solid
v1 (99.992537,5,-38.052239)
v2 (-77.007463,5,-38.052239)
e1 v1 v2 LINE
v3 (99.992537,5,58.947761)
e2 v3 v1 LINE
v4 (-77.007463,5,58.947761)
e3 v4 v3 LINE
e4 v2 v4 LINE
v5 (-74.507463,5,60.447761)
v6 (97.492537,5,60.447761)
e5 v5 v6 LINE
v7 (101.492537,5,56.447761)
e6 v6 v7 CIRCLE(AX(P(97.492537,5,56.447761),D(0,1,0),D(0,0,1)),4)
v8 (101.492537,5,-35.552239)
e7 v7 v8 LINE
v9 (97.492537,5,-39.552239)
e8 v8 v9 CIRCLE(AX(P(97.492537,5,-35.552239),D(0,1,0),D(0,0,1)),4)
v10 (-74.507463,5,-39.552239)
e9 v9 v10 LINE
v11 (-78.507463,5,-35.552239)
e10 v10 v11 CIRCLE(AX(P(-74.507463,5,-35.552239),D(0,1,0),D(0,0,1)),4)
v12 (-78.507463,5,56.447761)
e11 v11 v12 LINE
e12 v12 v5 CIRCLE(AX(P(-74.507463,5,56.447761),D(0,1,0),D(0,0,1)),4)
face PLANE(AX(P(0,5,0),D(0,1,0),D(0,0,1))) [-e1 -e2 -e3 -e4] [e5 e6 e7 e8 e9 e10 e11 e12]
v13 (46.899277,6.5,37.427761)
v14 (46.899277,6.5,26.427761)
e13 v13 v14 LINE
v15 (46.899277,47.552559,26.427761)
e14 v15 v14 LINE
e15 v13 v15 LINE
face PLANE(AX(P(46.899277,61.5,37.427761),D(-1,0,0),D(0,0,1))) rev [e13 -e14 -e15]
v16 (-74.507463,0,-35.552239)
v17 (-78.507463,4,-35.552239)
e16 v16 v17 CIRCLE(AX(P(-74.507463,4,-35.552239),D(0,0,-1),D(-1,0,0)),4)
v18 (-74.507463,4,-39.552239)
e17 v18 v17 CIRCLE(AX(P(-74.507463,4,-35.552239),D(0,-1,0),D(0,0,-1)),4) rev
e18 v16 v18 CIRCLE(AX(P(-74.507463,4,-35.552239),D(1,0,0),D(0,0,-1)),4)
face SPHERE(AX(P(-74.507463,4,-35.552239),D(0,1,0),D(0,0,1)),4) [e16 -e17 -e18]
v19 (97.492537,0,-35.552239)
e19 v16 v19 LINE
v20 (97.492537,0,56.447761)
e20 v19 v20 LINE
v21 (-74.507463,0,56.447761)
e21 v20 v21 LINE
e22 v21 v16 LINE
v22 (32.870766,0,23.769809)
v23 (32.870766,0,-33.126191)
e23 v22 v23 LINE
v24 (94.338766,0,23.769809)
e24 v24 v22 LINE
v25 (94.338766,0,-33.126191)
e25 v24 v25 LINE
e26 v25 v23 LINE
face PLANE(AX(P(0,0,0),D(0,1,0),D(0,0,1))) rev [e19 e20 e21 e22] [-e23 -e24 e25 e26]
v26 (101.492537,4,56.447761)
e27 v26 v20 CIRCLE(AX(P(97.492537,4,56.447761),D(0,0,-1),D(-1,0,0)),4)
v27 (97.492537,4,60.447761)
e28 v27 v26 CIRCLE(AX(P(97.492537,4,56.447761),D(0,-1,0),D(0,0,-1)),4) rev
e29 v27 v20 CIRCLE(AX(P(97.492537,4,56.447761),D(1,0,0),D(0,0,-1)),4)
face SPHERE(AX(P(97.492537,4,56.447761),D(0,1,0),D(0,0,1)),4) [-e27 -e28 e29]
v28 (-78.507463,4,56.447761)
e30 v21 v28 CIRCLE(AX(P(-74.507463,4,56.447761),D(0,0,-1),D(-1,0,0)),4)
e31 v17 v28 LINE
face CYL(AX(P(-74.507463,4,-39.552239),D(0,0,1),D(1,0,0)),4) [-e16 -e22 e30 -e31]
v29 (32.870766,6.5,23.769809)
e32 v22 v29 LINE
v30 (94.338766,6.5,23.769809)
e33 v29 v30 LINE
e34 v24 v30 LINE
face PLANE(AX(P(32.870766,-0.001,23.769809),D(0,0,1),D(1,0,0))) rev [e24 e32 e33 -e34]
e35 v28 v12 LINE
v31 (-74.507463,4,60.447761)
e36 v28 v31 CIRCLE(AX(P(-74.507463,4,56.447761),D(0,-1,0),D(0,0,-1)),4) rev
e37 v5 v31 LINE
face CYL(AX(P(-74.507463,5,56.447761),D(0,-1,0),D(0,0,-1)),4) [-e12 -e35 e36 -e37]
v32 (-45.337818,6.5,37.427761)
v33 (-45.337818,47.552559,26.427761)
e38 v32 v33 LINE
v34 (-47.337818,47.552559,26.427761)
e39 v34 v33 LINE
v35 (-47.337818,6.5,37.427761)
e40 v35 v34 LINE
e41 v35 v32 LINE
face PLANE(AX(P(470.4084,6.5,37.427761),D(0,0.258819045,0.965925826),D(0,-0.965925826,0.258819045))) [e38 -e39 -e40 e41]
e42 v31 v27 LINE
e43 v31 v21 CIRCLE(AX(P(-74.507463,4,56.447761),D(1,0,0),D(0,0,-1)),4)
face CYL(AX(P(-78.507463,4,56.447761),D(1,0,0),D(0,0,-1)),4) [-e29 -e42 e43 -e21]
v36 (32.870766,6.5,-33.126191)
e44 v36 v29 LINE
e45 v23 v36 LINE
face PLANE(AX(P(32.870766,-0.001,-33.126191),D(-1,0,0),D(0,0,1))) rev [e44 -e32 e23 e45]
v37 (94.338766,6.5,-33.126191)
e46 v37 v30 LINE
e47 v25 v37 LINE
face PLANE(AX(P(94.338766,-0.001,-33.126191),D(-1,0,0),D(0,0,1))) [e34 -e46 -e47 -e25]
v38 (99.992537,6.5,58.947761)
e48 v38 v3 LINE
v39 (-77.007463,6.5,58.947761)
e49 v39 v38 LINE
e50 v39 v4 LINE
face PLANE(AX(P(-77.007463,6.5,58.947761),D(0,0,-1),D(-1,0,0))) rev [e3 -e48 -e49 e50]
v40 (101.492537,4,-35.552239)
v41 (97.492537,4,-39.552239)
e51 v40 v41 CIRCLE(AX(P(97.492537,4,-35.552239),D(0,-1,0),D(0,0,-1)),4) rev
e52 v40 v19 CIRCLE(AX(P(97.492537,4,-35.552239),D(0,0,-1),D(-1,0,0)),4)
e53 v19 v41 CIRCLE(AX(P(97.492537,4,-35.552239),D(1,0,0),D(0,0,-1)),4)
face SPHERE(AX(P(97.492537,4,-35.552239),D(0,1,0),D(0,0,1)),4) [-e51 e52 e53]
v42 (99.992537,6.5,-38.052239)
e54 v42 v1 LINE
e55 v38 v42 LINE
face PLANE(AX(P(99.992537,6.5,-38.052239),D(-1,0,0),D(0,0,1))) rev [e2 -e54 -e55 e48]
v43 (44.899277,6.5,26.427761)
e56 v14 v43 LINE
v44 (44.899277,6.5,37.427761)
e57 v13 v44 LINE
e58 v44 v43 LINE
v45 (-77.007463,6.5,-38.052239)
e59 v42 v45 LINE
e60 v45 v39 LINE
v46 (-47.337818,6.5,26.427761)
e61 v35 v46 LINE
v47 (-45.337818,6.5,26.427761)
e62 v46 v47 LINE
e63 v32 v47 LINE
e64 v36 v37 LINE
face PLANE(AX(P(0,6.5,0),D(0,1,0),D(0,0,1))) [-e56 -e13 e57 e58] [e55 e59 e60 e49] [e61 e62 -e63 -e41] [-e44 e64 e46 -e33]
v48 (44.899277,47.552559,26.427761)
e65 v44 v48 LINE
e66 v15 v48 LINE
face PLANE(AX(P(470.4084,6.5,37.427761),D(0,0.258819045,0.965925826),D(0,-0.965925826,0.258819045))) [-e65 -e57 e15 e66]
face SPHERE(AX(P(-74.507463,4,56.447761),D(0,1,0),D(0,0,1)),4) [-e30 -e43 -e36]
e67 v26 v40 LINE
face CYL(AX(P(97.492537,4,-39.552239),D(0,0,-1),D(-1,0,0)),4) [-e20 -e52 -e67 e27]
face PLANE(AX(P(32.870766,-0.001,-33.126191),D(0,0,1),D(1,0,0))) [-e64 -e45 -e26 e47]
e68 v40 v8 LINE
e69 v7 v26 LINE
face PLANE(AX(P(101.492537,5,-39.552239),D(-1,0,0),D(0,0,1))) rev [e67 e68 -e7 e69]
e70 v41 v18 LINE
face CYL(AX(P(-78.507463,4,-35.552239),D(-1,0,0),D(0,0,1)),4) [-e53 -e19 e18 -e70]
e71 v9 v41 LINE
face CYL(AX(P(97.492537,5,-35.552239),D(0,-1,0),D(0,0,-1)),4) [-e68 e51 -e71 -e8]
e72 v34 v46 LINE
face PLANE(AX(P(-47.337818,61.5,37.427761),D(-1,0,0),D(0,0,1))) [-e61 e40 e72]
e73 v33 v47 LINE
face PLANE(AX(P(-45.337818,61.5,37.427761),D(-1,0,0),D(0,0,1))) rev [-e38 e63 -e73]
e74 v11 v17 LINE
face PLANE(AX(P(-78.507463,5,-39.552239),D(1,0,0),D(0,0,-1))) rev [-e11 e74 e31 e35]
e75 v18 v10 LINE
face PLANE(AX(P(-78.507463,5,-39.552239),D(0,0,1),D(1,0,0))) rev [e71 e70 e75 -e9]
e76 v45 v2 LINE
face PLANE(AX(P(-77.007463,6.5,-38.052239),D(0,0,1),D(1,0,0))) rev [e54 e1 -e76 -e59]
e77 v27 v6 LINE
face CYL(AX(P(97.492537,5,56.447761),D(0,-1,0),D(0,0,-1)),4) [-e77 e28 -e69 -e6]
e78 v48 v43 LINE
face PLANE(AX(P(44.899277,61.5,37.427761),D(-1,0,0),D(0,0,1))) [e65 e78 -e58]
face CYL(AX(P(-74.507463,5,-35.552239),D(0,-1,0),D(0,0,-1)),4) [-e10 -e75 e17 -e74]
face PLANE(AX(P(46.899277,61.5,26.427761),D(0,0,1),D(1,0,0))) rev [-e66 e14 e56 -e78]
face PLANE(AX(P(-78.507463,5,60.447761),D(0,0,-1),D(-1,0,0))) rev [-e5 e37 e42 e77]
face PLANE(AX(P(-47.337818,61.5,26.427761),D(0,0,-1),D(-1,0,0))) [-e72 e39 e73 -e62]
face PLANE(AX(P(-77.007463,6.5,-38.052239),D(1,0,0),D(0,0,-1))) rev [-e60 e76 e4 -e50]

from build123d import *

# Parameters (mm, degrees)
SKETCH1_W               = 180
SKETCH1_H               = 100
BOSS_EXTRUDE1_DEPTH     = 5
SKETCH2_W               = 177
SKETCH2_H               = 97
BOSS_EXTRUDE2_DEPTH     = 1.5
CUT_EXTRUDE1_REACH      = 120.309
SKETCH3_W               = 61.468
SKETCH3_H               = 56.896
FILLET3_R               = 4
FILLET4_R               = 4
SKETCH5_W               = 2
SKETCH5_H               = 11
BOSS_EXTRUDE3_DEPTH     = 55
SKETCH7_W               = 2
SKETCH7_H               = 11
BOSS_EXTRUDE4_DEPTH     = 55
CUT_EXTRUDE3_DEPTH      = 153.194061156
CUT_EXTRUDE3_DEPTH_BACK = 153.194061156


with BuildPart() as part:
    # Sketch1 → Boss-Extrude1 (new body)
    with BuildSketch(Plane(origin=(0, 0, 0), x_dir=(1, 0, 0), z_dir=(0, 1, 0))):
        with Locations((11.492537313, -10.447761194)):
            Rectangle(SKETCH1_W, SKETCH1_H)
    extrude(amount=BOSS_EXTRUDE1_DEPTH)

    # Sketch2 → Boss-Extrude2 (add)
    with BuildSketch(Plane(origin=(0, 5, 0), x_dir=(1, 0, 0), z_dir=(0, 1, 0))):
        with Locations((11.492537313, -10.447761194)):
            Rectangle(SKETCH2_W, SKETCH2_H)
    extrude(amount=BOSS_EXTRUDE2_DEPTH)

    # Sketch3 → Cut-Extrude1 (cut, up to next)
    with BuildSketch(Plane(origin=(0, 6.5, 0), x_dir=(1, 0, 0), z_dir=(0, 1, 0)), mode=Mode.PRIVATE) as cut_extrude1_sk1:
        with Locations((63.60476585, 4.678190655)):
            Rectangle(SKETCH3_W, SKETCH3_H)
    cut_extrude1_tool1 = extrude(cut_extrude1_sk1.sketch, amount=-CUT_EXTRUDE1_REACH, mode=Mode.PRIVATE) & part.part
    add(cut_extrude1_tool1.solids().sort_by_distance((63.604766, 6.5, -4.678191))[0], mode=Mode.SUBTRACT)

    # Fillet3
    fillet3_edges = [part.edges().sort_by_distance(p)[0] for p in [
        (-78.507462687, 2.5, -39.552238806),
        (101.492537313, 2.5, -39.552238806),
        (101.492537313, 2.5, 60.447761194),
        (-78.507462687, 2.5, 60.447761194),
    ]]
    fillet(fillet3_edges, radius=FILLET3_R)

    # Fillet4
    fillet4_edges = [part.edges().sort_by_distance(p)[0] for p in [
        (11.492537313, 0, 60.447761194),
        (-78.507462687, 0, 10.447761194),
        (11.492537313, 0, -39.552238806),
        (101.492537313, 0, 10.447761194),
        (100.320964438, 0, 59.276188319),
        (100.320964438, 0, -38.380665931),
        (-77.335889811, 0, -38.380665931),
        (-77.335889811, 0, 59.276188319),
    ]]
    fillet(fillet4_edges, radius=FILLET4_R)

    # Sketch5 → Boss-Extrude3 (add)
    with BuildSketch(Plane(origin=(0, 6.5, 0), x_dir=(1, 0, 0), z_dir=(0, 1, 0))):
        with Locations((-46.337817573, -31.927761194)):
            Rectangle(SKETCH5_W, SKETCH5_H)
    extrude(amount=BOSS_EXTRUDE3_DEPTH)

    # Sketch7 → Boss-Extrude4 (add)
    with BuildSketch(Plane(origin=(0, 6.5, 0), x_dir=(1, 0, 0), z_dir=(0, 1, 0))):
        with Locations((45.899277236, -31.927761194)):
            Rectangle(SKETCH7_W, SKETCH7_H)
    extrude(amount=BOSS_EXTRUDE4_DEPTH)

    # Sketch8 → Cut-Extrude3 (cut, two sides: drawn at the far end of the back side and taken through both)
    with BuildSketch(Plane(origin=(46.899277236, 0, 0), x_dir=(0, 0, -1), z_dir=(1, 0, 0)).offset(-CUT_EXTRUDE3_DEPTH_BACK)):
        Polygon((-37.427761194, 61.5), (-37.427761194, 6.5), (-26.427761194, 47.552558883), (-26.427761194, 61.5), align=None)
    extrude(amount=CUT_EXTRUDE3_DEPTH + CUT_EXTRUDE3_DEPTH_BACK, mode=Mode.SUBTRACT)


solid = part.part
